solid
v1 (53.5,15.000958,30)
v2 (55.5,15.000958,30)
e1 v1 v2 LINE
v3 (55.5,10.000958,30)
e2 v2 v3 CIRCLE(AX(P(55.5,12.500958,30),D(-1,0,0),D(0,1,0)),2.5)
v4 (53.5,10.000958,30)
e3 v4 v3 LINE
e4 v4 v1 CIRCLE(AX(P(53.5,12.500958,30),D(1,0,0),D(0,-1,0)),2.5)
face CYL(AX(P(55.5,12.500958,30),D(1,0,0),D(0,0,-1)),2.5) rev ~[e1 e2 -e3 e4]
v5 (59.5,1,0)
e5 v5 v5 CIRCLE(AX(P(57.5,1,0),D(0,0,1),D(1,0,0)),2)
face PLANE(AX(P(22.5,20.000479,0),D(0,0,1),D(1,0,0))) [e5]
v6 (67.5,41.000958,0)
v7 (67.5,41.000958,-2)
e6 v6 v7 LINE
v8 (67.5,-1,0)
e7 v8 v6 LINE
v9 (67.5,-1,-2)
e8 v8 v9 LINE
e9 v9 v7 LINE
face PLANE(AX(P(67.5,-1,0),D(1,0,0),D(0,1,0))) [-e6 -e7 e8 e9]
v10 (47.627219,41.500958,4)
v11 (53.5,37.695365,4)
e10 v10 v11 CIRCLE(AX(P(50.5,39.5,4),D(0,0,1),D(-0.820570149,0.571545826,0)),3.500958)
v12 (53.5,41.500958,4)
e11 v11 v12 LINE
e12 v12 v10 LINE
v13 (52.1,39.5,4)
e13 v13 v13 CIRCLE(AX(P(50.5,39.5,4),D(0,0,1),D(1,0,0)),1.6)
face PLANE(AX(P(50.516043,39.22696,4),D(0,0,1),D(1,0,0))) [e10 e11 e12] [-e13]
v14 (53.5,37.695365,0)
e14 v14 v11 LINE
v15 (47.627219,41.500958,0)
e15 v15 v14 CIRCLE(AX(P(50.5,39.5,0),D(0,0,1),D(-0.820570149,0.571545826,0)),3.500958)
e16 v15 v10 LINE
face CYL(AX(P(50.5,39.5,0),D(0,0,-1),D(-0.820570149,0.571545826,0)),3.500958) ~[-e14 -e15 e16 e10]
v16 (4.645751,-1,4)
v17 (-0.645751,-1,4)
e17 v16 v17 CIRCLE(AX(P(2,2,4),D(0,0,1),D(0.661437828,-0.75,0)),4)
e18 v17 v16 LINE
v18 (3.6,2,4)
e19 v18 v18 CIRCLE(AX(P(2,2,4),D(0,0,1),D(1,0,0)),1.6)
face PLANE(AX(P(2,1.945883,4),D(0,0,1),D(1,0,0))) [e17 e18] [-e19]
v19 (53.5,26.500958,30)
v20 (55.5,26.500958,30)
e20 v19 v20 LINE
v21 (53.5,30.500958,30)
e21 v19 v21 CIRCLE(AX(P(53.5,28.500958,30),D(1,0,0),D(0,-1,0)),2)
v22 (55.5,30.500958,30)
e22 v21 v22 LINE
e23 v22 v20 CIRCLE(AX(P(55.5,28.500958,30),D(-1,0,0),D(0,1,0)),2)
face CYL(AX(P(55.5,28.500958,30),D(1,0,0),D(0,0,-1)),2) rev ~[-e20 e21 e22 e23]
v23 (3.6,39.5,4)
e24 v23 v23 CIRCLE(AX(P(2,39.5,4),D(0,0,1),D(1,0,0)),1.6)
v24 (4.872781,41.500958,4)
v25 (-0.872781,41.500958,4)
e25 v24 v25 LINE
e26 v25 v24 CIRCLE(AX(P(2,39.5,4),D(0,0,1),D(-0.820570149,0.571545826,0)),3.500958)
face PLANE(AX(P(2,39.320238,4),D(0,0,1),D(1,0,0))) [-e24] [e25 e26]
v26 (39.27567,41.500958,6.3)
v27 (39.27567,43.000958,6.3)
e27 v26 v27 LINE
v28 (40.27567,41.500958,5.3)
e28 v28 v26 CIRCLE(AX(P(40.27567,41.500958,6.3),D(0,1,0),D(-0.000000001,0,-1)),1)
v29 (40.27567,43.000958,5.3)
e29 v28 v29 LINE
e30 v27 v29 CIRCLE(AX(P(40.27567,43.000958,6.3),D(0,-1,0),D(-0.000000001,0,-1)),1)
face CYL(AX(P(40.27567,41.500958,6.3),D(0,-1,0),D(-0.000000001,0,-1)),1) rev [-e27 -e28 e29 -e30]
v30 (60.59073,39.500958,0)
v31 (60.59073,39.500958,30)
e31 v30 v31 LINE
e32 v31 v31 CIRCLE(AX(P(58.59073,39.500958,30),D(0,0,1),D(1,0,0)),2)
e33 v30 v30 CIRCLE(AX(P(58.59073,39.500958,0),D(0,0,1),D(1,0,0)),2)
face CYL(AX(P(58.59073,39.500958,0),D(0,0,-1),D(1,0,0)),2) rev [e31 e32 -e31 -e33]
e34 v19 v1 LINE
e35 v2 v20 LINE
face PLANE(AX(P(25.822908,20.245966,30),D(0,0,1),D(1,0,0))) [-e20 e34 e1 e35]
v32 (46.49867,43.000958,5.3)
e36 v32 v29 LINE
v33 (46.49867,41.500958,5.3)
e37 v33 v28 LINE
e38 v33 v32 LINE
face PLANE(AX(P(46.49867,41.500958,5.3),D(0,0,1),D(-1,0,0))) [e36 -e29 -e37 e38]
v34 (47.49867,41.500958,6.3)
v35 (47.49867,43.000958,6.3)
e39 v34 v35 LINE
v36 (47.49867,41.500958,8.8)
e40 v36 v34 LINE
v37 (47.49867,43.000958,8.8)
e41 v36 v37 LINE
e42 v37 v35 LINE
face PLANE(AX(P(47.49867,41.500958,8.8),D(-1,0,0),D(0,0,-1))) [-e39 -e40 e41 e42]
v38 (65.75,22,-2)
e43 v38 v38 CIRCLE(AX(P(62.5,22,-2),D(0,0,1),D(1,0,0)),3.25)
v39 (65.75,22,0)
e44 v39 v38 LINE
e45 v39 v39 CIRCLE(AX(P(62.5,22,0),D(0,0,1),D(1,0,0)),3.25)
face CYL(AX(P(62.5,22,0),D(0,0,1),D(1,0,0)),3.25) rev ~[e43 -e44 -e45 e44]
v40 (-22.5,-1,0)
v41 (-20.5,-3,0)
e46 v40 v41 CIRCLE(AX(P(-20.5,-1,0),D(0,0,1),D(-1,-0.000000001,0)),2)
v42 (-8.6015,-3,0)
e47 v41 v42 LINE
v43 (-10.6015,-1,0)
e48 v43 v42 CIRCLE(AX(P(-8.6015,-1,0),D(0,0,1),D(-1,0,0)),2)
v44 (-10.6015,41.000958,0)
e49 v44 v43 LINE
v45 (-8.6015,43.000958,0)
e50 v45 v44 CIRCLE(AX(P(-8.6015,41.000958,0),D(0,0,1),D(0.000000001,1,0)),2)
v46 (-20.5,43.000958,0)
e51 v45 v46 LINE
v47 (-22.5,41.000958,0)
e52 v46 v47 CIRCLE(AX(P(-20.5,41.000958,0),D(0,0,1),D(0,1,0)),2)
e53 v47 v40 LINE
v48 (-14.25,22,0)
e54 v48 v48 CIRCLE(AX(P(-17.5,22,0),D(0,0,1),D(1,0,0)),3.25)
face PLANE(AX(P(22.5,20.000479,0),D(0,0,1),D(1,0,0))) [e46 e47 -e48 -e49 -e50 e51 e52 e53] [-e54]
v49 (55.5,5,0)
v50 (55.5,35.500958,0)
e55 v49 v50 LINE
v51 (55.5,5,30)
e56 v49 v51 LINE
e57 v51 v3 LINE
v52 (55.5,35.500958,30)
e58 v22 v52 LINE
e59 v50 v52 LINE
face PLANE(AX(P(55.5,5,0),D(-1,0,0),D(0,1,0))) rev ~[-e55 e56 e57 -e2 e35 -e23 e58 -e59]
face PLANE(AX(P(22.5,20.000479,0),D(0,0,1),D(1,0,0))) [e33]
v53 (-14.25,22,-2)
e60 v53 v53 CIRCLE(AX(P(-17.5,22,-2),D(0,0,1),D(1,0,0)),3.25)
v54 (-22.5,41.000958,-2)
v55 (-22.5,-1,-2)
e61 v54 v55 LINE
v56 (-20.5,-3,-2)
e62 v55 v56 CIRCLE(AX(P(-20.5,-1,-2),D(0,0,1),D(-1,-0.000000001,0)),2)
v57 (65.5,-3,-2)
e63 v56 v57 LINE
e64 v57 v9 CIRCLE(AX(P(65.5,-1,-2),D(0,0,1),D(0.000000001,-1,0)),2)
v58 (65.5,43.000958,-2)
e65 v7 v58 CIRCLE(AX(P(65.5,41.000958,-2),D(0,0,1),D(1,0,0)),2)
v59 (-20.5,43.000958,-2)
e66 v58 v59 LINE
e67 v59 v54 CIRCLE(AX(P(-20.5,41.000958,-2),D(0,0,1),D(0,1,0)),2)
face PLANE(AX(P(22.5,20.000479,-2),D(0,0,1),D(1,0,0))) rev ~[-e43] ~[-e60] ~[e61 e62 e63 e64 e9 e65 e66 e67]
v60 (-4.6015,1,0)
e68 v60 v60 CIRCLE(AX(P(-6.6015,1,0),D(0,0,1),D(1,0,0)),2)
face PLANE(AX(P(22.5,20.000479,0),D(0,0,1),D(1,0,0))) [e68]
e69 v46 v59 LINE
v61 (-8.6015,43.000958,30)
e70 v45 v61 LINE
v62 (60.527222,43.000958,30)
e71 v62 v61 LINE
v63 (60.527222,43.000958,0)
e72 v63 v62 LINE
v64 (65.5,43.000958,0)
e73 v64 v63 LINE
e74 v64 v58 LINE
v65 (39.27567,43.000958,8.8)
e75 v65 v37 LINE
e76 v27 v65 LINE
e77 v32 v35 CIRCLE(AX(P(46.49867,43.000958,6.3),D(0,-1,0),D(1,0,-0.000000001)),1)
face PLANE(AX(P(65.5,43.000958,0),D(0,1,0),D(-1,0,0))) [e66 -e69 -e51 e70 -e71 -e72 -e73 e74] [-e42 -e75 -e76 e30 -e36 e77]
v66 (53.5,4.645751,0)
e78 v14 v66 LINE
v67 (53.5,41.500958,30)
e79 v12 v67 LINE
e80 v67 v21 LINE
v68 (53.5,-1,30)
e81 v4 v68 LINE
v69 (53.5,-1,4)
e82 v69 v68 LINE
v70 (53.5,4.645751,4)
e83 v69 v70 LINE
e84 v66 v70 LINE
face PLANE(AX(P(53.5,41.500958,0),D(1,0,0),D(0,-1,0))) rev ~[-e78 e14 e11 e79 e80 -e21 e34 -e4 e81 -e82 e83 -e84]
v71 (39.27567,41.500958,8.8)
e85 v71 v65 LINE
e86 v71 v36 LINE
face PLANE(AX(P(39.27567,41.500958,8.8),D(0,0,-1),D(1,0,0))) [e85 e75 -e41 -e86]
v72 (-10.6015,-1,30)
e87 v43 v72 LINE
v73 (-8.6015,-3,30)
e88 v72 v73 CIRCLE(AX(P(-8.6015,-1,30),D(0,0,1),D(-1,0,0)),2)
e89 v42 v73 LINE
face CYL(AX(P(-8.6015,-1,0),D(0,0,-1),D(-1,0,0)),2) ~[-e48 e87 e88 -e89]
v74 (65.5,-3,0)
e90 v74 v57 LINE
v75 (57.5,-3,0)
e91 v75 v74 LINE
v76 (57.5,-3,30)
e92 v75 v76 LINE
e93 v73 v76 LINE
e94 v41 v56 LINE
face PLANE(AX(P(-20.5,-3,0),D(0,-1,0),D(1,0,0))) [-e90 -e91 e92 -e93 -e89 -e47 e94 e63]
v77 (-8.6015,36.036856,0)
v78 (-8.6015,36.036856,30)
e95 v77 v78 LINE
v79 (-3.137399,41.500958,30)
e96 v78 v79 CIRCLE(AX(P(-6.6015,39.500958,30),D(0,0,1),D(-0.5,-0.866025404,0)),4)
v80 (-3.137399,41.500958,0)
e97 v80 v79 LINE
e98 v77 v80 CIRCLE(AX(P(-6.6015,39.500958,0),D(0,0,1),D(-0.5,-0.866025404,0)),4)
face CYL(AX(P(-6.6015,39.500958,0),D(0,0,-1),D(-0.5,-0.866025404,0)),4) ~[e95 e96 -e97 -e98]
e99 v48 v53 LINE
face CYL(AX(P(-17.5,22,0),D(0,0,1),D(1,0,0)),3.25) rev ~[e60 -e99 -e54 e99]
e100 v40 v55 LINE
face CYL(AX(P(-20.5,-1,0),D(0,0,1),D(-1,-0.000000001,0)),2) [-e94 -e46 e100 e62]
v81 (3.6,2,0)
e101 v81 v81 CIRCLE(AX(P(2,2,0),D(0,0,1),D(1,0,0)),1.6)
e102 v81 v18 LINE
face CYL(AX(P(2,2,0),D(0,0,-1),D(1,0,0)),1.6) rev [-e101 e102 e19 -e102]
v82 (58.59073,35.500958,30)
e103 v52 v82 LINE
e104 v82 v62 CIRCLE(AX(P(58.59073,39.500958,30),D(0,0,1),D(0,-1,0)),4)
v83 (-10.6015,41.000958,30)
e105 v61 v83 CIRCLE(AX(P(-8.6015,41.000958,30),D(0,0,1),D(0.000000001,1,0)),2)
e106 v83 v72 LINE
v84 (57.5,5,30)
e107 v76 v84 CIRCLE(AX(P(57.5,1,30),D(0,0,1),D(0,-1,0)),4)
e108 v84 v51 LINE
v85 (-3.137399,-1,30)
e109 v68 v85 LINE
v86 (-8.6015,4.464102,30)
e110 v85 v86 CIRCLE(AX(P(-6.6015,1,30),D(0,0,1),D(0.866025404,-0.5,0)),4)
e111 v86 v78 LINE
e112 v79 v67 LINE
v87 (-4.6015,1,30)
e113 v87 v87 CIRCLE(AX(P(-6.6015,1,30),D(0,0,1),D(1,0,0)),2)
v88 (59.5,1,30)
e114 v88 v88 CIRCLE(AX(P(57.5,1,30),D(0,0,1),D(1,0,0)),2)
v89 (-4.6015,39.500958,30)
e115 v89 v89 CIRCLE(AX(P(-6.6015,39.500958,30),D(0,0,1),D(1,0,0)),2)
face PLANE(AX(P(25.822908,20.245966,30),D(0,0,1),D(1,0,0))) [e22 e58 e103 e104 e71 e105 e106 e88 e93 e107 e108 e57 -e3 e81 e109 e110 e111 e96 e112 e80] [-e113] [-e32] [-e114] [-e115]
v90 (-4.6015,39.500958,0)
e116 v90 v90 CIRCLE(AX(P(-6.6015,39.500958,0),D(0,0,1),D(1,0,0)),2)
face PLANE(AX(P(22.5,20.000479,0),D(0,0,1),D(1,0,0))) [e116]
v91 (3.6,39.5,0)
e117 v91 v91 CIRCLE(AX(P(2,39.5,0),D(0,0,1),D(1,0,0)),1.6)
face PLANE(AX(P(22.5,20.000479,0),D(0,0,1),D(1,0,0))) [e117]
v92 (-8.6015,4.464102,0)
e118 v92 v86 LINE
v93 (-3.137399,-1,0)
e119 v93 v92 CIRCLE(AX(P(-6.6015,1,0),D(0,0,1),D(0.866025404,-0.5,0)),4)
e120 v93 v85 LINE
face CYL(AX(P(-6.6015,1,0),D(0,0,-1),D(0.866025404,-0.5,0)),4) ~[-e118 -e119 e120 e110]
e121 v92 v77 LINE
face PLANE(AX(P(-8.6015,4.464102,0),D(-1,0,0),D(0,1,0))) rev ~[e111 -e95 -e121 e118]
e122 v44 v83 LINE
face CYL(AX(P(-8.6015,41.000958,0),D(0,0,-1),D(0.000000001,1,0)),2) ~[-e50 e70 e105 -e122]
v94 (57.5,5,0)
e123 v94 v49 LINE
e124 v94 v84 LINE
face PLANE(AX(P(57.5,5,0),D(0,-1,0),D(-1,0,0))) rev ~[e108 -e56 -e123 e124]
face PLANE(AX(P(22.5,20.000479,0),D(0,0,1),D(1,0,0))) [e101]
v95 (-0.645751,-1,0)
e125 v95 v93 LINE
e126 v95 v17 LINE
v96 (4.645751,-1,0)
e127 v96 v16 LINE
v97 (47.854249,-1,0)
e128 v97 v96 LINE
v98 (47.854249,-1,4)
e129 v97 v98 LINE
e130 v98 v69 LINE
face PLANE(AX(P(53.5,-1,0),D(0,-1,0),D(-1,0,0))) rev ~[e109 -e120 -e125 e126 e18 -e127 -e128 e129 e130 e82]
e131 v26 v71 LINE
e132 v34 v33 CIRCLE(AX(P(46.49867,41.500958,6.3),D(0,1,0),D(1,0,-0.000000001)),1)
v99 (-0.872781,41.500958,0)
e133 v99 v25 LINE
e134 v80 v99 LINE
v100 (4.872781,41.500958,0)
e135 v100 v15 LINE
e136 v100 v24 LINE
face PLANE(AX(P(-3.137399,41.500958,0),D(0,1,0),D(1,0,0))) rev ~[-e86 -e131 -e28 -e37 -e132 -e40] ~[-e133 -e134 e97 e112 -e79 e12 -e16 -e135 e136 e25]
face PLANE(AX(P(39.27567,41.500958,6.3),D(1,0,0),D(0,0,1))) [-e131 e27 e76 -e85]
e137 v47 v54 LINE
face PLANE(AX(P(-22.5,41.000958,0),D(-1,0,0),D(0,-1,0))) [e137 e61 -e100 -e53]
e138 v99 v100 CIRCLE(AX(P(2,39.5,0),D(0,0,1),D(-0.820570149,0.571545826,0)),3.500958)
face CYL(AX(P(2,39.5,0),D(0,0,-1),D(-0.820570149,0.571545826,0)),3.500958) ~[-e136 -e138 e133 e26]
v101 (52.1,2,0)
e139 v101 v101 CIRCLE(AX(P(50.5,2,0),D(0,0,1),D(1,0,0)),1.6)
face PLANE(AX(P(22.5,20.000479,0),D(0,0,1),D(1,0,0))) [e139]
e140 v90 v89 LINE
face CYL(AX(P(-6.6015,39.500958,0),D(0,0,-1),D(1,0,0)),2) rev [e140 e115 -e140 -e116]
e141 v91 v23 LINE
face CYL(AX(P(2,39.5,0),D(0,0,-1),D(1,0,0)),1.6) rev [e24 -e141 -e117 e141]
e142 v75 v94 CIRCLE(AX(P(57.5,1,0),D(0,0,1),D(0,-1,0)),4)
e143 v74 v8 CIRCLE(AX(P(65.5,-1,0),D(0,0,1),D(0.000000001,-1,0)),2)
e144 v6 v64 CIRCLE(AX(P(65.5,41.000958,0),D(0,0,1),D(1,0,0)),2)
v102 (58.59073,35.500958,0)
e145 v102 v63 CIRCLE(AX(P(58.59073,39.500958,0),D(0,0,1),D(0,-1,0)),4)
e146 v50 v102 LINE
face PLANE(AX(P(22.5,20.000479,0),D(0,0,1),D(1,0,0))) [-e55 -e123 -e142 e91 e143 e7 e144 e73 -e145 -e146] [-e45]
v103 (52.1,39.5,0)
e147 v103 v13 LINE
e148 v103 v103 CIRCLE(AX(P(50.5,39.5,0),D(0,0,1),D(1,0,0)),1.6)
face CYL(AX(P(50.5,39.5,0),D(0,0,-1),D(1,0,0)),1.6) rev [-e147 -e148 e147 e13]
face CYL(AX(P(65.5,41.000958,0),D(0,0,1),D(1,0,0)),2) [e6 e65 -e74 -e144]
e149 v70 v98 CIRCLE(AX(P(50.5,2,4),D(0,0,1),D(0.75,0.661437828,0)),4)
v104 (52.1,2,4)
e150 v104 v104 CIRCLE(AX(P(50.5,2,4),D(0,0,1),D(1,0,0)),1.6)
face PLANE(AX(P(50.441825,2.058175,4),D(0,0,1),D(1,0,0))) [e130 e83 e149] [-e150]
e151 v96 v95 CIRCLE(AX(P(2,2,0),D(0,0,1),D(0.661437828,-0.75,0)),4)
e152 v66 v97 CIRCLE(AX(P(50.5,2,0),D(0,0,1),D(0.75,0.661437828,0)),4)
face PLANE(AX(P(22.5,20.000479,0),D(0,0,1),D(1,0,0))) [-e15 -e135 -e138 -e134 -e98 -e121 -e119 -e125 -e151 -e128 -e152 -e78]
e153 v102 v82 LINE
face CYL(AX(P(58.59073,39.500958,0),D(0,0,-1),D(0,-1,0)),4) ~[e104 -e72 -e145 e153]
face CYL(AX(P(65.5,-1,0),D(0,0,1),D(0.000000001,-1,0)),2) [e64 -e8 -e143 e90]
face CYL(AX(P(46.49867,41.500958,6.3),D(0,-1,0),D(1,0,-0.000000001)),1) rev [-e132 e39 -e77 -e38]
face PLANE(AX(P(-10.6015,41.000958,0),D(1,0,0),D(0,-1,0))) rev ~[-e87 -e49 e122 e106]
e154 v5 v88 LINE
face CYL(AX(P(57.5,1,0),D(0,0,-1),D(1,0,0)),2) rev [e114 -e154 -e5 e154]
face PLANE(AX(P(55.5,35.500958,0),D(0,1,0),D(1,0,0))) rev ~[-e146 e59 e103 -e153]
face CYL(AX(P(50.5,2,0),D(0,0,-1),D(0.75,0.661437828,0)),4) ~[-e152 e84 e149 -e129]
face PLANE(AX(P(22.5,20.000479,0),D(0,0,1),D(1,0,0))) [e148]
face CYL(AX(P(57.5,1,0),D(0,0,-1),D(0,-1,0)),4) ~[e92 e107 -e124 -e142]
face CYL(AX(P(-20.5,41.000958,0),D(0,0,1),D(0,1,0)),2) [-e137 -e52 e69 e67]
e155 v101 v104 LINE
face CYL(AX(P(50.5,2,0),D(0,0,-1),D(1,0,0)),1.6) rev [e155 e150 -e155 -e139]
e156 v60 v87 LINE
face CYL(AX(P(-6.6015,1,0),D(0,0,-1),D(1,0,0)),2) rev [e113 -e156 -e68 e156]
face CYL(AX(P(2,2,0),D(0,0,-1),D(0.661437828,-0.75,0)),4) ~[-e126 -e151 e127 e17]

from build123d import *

# Parameters (mm, degrees)
SKETCH_2_R          = 3.25
EXTRUDE_1_DEPTH     = 2
SKETCH_2_3_R        = 2
EXTRUDE_2_DEPTH     = 30
SKETCH_2_4_R        = 1.6
EXTRUDE_3_DEPTH     = 4
CUT_EXTRUDE_1_REACH = 95.984
SKETCH_3_R          = 2.5
SKETCH_3_R_2        = 2
CUT_EXTRUDE_2_REACH = 88.236


with BuildPart() as part:
    # 草图2 → 凸台-拉伸1 (new body)
    with BuildSketch(Plane.XY):
        with BuildLine():
            ThreePointArc((-20.5, 43.00095784), (-21.914213562, 42.415171403), (-22.5, 41.00095784))
            Line((-22.5, 41.00095784), (-22.5, -1))
            ThreePointArc((-22.5, -1), (-21.914213562, -2.414213562), (-20.5, -3))
            Line((-20.5, -3), (65.5, -3))
            ThreePointArc((65.5, -3), (66.914213562, -2.414213562), (67.5, -1))
            Line((67.5, -1), (67.5, 41.00095784))
            ThreePointArc((67.5, 41.00095784), (66.914213562, 42.415171403), (65.5, 43.00095784))
            Line((65.5, 43.00095784), (-20.5, 43.00095784))
        make_face()
        with Locations((-17.5, 22)):
            Circle(SKETCH_2_R, mode=Mode.SUBTRACT)
        with Locations((62.5, 22)):
            Circle(SKETCH_2_R, mode=Mode.SUBTRACT)
    extrude(amount=-EXTRUDE_1_DEPTH)

    # 草图2<3> → 凸台-拉伸2 (add)
    with BuildSketch(Plane.XY):
        with BuildLine():
            ThreePointArc((-10.601500464, -1), (-10.015714027, -2.414213562), (-8.601500464, -3))
            Line((-8.601500464, -3), (57.5, -3))
            ThreePointArc((57.5, -3), (61.5, 1), (57.5, 5))
            Line((57.5, 5), (55.5, 5))
            Line((55.5, 5), (55.5, 35.50095784))
            Line((55.5, 35.50095784), (58.590729836, 35.50095784))
            ThreePointArc((58.590729836, 35.50095784), (62.463713182, 38.50095784), (60.527221509, 43.00095784))
            Line((60.527221509, 43.00095784), (-8.601500464, 43.00095784))
            ThreePointArc((-8.601500464, 43.00095784), (-10.015714027, 42.415171403), (-10.601500464, 41.00095784))
            Line((-10.601500464, 41.00095784), (-10.601500464, -1))
        make_face()
        with Locations((-6.601500464, 1)):
            Circle(SKETCH_2_3_R, mode=Mode.SUBTRACT)
        with BuildLine():
            ThreePointArc((-3.137398849, -1), (-3.77307334, 3.828427125), (-8.601500464, 4.464101615))
            Line((-8.601500464, 4.464101615), (-8.601500464, 36.036856225))
            ThreePointArc((-8.601500464, 36.036856225), (-3.77307334, 36.672530716), (-3.137398849, 41.50095784))
            Line((-3.137398849, 41.50095784), (53.5, 41.50095784))
            Line((53.5, 41.50095784), (53.5, -1))
            Line((53.5, -1), (-3.137398849, -1))
        make_face(mode=Mode.SUBTRACT)
        with Locations((-6.601500464, 39.50095784)):
            Circle(SKETCH_2_3_R, mode=Mode.SUBTRACT)
        with Locations((58.590729836, 39.50095784)):
            Circle(SKETCH_2_3_R, mode=Mode.SUBTRACT)
        with Locations((57.5, 1)):
            Circle(SKETCH_2_3_R, mode=Mode.SUBTRACT)
    extrude(amount=EXTRUDE_2_DEPTH)

    # 草图2<4> → 凸台-拉伸3 (add)
    # profile 1 of 4: a face of its own
    with BuildSketch(Plane.XY):
        with BuildLine():
            ThreePointArc((4.645751311, -1), (2, 6), (-0.645751311, -1))
            Line((-0.645751311, -1), (4.645751311, -1))
        make_face()
        with Locations((2, 2)):
            Circle(SKETCH_2_4_R, mode=Mode.SUBTRACT)
    # profile 2 of 4: a face of its own
    with BuildSketch(Plane.XY):
        with BuildLine():
            ThreePointArc((53.5, 4.645751311), (47.671572875, 4.828427125), (47.854248689, -1))
            Line((47.854248689, -1), (53.5, -1))
            Line((53.5, -1), (53.5, 4.645751311))
        make_face()
        with Locations((50.5, 2)):
            Circle(SKETCH_2_4_R, mode=Mode.SUBTRACT)
    # profile 3 of 4: a face of its own
    with BuildSketch(Plane.XY):
        with BuildLine():
            Line((4.872781496, 41.50095784), (-0.872781496, 41.50095784))
            ThreePointArc((-0.872781496, 41.50095784), (2, 35.99904216), (4.872781496, 41.50095784))
        make_face()
        with Locations((2, 39.5)):
            Circle(SKETCH_2_4_R, mode=Mode.SUBTRACT)
    # profile 4 of 4: a face of its own
    with BuildSketch(Plane.XY):
        with BuildLine():
            ThreePointArc((47.627218504, 41.50095784), (48.596140902, 36.56196897), (53.5, 37.695365466))
            Line((53.5, 37.695365466), (53.5, 41.50095784))
            Line((53.5, 41.50095784), (47.627218504, 41.50095784))
        make_face()
        with Locations((50.5, 39.5)):
            Circle(SKETCH_2_4_R, mode=Mode.SUBTRACT)
    extrude(amount=EXTRUDE_3_DEPTH)

    # 草图3 → 切除-拉伸1 (cut, up to next)
    with BuildSketch(Plane(origin=(55.5, 0, 0), x_dir=(0, 0, -1), z_dir=(1, 0, 0)), mode=Mode.PRIVATE) as cut_extrude_1_sk1:
        with Locations((-30, 12.50095784)):
            Circle(SKETCH_3_R)
    cut_extrude_1_tool1 = extrude(cut_extrude_1_sk1.sketch, amount=-CUT_EXTRUDE_1_REACH, mode=Mode.PRIVATE) & part.part
    # 草图3 → 切除-拉伸1 (cut, up to next)
    with BuildSketch(Plane(origin=(55.5, 0, 0), x_dir=(0, 0, -1), z_dir=(1, 0, 0)), mode=Mode.PRIVATE) as cut_extrude_1_sk2:
        with Locations((-30, 28.50095784)):
            Circle(SKETCH_3_R_2)
    cut_extrude_1_tool2 = extrude(cut_extrude_1_sk2.sketch, amount=-CUT_EXTRUDE_1_REACH, mode=Mode.PRIVATE) & part.part
    add(cut_extrude_1_tool1.solids().sort_by_distance((55.5, 12.500958, 30))[0], mode=Mode.SUBTRACT)
    add(cut_extrude_1_tool2.solids().sort_by_distance((55.5, 28.500958, 30))[0], mode=Mode.SUBTRACT)

    # 草图5 → 切除-拉伸2 (cut, up to next)
    with BuildSketch(Plane.XZ.offset(-41.50095784), mode=Mode.PRIVATE) as cut_extrude_2_sk1:
        with BuildLine():
            Line((39.27567, 8.8), (47.49867, 8.8))
            Line((47.49867, 8.8), (47.49867, 6.3))
            ThreePointArc((47.49867, 6.3), (47.205776781, 5.592893219), (46.49867, 5.3))
            Line((46.49867, 5.3), (40.27567, 5.3))
            ThreePointArc((40.27567, 5.3), (39.568563219, 5.592893219), (39.27567, 6.3))
            Line((39.27567, 6.3), (39.27567, 8.8))
        make_face()
    cut_extrude_2_tool1 = extrude(cut_extrude_2_sk1.sketch, amount=-CUT_EXTRUDE_2_REACH, mode=Mode.PRIVATE) & part.part
    add(cut_extrude_2_tool1.solids().sort_by_distance((43.38717, 41.500958, 7.073111))[0], mode=Mode.SUBTRACT)


solid = part.part
